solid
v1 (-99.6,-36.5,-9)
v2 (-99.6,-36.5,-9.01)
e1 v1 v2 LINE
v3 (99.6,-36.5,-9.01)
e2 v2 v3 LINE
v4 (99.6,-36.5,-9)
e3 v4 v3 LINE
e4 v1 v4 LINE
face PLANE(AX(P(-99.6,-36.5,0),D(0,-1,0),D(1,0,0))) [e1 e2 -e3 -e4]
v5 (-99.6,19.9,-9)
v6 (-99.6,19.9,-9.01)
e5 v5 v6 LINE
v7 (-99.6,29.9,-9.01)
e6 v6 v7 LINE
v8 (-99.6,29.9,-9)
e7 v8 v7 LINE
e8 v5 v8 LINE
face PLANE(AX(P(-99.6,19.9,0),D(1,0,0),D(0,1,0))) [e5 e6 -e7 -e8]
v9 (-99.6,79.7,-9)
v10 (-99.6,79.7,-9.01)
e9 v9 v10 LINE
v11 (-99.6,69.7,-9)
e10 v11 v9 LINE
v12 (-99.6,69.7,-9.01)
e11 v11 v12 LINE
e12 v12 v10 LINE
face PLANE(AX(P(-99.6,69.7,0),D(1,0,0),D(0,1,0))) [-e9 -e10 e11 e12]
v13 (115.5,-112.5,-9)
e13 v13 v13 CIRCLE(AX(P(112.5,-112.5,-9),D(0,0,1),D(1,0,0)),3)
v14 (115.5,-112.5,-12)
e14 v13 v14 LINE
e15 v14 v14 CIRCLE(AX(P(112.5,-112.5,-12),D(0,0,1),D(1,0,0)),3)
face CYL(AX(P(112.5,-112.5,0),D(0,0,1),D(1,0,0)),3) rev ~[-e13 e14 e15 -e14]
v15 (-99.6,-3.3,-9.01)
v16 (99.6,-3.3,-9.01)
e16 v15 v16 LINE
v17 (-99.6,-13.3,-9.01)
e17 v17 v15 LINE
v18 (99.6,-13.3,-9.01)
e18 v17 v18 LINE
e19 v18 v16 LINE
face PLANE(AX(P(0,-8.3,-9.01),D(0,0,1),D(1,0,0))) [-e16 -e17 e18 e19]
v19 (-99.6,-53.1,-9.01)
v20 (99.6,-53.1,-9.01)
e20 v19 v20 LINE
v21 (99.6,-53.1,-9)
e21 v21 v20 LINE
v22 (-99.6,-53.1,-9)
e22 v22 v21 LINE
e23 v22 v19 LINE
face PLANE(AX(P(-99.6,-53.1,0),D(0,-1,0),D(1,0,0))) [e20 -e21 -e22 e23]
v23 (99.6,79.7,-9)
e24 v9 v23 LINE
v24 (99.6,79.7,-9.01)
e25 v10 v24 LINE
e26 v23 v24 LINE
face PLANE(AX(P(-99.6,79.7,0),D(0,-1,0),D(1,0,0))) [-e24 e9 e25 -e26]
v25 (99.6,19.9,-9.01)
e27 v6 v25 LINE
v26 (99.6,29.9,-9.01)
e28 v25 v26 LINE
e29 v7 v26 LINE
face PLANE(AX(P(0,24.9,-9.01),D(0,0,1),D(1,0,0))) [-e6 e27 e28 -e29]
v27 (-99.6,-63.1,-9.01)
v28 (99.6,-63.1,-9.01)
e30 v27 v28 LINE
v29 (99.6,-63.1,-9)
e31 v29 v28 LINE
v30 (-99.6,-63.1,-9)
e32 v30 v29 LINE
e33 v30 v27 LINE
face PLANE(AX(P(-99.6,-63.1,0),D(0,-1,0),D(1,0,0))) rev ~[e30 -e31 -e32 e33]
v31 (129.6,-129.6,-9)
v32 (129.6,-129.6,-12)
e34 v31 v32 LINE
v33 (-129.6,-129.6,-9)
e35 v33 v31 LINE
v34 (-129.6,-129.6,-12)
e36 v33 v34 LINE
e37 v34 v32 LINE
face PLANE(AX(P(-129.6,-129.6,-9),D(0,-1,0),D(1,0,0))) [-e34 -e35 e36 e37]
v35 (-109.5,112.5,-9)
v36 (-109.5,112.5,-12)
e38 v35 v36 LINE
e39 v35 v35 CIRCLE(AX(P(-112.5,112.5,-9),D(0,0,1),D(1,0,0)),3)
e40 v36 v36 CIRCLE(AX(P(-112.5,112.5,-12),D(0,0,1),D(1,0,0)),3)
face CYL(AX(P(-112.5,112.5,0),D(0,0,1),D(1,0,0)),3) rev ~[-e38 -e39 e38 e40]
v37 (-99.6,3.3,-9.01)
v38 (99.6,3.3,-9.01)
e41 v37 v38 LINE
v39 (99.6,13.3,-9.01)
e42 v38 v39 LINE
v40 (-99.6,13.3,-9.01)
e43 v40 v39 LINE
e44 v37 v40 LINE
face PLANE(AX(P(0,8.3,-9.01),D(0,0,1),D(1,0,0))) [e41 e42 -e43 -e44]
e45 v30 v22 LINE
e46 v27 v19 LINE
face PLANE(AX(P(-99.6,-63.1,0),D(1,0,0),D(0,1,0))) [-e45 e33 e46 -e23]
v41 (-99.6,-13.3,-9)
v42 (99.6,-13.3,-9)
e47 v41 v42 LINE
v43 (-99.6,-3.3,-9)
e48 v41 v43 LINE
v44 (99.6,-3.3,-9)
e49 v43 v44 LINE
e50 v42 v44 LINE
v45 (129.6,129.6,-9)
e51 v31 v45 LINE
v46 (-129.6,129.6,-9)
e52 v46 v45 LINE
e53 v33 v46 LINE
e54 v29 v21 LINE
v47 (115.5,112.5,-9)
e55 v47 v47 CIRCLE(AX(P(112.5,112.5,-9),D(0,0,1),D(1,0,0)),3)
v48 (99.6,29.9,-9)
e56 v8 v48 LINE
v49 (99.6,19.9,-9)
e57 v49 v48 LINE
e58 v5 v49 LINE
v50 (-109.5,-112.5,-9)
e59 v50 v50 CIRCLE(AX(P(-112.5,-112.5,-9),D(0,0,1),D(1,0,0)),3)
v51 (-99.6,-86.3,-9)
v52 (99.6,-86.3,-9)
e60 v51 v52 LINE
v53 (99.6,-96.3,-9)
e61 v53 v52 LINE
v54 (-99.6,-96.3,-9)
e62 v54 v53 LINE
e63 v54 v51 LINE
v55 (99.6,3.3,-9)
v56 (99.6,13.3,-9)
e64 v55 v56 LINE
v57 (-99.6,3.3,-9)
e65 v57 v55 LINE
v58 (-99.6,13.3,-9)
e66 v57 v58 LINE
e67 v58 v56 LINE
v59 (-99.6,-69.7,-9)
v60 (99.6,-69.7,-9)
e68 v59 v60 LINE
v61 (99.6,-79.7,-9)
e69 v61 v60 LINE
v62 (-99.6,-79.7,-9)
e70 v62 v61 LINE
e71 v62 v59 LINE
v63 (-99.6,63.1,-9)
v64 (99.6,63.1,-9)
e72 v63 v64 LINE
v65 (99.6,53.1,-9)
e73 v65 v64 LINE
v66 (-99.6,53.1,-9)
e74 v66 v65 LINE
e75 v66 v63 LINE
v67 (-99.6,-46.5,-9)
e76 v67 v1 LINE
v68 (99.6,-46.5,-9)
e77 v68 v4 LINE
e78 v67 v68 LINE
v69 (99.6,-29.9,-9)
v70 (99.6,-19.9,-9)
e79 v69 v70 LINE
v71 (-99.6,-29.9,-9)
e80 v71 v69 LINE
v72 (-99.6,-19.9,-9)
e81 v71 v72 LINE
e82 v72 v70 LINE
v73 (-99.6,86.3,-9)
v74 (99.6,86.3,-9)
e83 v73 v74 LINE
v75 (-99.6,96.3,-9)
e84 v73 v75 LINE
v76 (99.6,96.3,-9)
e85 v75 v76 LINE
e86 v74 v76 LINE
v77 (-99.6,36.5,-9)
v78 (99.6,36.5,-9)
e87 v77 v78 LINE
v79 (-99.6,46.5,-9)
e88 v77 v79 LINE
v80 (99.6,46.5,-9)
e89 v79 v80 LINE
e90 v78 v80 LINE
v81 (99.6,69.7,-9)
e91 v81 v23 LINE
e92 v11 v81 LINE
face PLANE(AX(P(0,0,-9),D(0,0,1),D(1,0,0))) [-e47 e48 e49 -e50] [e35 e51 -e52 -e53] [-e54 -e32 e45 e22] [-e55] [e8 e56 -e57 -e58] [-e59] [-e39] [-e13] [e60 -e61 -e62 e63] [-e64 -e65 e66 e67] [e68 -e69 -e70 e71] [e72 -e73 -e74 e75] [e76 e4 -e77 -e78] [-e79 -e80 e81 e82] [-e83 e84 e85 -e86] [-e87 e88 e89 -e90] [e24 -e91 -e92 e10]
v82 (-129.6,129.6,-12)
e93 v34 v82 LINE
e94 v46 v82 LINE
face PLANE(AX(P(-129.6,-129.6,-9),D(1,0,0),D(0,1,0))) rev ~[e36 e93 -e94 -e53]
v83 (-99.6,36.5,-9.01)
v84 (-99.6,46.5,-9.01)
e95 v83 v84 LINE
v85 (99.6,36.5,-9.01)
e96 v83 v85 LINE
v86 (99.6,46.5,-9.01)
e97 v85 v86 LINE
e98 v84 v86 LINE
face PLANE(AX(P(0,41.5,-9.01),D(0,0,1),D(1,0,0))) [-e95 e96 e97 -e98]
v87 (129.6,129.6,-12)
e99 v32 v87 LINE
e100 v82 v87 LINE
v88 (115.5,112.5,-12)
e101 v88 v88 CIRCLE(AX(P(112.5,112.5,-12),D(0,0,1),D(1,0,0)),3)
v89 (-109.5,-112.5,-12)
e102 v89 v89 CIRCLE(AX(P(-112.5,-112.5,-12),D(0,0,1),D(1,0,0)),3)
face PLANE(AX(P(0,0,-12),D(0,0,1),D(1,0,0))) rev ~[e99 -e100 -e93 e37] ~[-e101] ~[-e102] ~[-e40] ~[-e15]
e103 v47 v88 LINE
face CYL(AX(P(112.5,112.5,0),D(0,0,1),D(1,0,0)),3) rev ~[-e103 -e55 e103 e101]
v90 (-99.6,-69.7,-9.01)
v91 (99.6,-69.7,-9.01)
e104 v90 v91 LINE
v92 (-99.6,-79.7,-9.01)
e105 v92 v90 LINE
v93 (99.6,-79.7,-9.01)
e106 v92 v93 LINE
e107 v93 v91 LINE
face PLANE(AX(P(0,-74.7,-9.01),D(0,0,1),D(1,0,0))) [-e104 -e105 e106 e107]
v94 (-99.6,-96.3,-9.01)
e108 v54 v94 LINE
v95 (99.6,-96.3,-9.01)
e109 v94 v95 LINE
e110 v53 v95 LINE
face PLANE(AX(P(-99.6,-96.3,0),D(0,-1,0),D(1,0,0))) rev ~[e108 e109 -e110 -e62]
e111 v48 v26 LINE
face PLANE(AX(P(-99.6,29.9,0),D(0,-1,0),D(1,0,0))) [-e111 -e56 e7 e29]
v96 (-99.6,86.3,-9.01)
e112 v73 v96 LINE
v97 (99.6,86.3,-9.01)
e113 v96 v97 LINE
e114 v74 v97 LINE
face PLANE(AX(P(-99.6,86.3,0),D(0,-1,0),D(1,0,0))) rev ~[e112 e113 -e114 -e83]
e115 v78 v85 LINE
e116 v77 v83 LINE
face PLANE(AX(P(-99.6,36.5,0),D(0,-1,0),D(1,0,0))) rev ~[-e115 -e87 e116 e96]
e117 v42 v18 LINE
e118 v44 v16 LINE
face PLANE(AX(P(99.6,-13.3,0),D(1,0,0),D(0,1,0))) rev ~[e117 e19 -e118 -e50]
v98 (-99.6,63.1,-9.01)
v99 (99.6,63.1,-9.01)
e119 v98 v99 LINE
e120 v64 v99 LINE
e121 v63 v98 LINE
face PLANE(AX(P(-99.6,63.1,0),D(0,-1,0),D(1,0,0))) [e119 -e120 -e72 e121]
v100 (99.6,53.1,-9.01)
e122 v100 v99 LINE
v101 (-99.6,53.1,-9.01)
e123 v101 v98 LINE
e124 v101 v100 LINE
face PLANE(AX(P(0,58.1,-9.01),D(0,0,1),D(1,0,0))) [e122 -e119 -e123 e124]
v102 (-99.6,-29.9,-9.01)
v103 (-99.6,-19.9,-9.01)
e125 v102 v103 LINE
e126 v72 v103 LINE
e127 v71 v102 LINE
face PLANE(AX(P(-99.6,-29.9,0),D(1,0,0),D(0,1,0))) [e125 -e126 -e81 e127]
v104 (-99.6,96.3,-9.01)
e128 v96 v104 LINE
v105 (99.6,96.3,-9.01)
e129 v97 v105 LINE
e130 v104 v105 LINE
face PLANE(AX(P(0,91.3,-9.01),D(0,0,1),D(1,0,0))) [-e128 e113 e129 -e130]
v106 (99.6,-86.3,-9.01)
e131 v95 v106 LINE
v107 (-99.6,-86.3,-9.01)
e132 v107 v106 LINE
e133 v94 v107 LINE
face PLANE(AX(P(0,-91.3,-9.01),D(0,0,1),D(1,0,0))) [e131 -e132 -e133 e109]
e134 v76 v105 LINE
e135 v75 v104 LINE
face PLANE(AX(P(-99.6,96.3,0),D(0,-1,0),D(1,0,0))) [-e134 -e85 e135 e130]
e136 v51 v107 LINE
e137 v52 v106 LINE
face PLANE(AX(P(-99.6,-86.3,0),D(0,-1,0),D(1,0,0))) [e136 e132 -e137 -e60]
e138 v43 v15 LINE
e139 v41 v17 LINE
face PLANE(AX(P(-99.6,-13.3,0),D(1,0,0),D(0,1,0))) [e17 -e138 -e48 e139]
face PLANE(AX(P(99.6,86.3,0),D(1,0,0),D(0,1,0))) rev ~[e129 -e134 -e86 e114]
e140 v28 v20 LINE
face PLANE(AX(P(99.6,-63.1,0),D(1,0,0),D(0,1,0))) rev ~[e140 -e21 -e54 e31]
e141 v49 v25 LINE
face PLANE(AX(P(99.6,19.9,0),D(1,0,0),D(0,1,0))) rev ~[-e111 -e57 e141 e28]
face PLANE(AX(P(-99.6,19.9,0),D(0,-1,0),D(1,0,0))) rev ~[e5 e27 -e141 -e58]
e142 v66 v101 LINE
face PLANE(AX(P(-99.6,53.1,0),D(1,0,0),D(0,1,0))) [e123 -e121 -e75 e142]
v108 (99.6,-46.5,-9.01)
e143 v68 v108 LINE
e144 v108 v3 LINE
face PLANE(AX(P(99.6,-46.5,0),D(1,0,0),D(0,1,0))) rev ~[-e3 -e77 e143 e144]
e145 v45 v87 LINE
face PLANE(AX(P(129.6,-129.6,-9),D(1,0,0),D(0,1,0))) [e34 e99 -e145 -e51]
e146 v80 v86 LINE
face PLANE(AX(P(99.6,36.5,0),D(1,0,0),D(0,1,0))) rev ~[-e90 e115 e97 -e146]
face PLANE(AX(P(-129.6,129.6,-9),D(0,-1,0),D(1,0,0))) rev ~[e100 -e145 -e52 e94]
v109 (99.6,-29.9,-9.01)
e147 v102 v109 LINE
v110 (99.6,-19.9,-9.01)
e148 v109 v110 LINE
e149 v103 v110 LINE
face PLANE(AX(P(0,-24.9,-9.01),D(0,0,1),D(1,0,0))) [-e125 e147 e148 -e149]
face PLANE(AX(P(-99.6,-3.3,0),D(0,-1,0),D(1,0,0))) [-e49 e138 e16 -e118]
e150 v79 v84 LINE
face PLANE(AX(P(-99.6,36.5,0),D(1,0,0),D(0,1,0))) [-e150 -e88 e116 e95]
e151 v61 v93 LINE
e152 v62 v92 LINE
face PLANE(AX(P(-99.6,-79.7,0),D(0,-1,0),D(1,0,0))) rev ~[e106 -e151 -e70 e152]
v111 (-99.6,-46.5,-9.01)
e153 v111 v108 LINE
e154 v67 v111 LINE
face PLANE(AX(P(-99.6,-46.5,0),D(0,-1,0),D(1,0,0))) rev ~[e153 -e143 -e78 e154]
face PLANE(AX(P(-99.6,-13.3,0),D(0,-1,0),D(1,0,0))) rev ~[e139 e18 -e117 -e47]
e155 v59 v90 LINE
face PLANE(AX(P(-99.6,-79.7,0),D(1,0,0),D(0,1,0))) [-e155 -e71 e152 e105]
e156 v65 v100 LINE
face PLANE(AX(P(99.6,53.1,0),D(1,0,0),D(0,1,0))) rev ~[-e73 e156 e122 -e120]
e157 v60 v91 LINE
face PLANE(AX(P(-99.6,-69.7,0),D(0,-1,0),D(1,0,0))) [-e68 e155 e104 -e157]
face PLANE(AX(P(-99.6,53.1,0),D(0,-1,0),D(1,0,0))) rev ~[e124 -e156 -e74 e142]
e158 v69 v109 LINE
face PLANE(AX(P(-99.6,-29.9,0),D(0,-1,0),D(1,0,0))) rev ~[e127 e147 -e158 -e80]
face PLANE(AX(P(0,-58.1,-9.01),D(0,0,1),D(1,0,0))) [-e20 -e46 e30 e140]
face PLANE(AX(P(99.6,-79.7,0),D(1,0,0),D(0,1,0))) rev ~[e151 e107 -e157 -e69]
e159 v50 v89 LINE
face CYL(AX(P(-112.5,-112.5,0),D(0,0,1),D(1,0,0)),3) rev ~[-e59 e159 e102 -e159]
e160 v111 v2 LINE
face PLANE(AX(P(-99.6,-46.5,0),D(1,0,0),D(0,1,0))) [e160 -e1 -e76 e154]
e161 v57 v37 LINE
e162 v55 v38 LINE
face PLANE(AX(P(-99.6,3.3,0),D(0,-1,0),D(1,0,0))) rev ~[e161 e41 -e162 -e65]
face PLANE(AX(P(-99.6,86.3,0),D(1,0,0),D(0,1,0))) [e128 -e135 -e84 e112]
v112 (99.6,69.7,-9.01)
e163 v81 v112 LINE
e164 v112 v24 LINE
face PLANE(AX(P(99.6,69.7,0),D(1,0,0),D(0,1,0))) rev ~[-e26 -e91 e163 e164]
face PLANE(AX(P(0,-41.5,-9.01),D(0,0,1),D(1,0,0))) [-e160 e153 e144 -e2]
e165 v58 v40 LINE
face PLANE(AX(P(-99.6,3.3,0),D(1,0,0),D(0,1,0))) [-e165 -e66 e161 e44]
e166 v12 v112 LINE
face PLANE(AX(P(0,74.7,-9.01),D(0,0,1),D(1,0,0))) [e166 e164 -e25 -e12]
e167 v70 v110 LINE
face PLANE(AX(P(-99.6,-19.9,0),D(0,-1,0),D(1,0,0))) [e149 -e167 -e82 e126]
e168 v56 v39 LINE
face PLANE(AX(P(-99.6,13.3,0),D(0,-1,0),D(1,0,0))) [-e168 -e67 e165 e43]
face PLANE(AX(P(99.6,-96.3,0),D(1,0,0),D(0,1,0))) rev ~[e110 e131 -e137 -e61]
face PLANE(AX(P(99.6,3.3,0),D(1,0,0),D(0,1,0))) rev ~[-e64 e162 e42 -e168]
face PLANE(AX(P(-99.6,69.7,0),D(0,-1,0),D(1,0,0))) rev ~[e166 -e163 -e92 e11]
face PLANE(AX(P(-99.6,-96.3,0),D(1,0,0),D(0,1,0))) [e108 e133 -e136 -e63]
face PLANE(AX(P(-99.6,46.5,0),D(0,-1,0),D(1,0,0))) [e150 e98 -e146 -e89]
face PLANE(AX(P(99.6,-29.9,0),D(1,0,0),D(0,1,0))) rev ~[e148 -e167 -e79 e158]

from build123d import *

# Parameters (mm, degrees)
SKETCH007_W            = 259.2
SKETCH007_H            = 259.2
PAD004_DEPTH           = 3
SKETCH008_W            = 199.2
SKETCH008_H            = 10
POCKET003_DEPTH        = 9.01
LINEARPATTERN005_COUNT = 12
LINEARPATTERN005_PITCH = 16.6
SKETCH013_R            = 3
POCKET008_DEPTH        = 12.001


with BuildPart() as part:
    # Sketch007 → Pad004 (new body)
    with BuildSketch(Plane.XY.offset(-9)):
        Rectangle(SKETCH007_W, SKETCH007_H)
    extrude(amount=-PAD004_DEPTH)

    # Sketch008 → Pocket003 (cut)
    with BuildSketch(Plane.XY):
        with Locations((0, 91.3)):
            Rectangle(SKETCH008_W, SKETCH008_H)
    pocket003 = extrude(amount=-POCKET003_DEPTH, mode=Mode.SUBTRACT)

    # LinearPattern005: Pocket003 ×12
    with Locations(*[(0, -i * LINEARPATTERN005_PITCH, 0) for i in range(1, LINEARPATTERN005_COUNT)]):
        add(pocket003, mode=Mode.SUBTRACT)

    # Sketch013 → Pocket008 (cut, through all)
    with BuildSketch(Plane.XY):
        with Locations((-112.5, 112.5)):
            Circle(SKETCH013_R)
        with Locations((112.5, 112.5)):
            Circle(SKETCH013_R)
        with Locations((112.5, -112.5)):
            Circle(SKETCH013_R)
        with Locations((-112.5, -112.5)):
            Circle(SKETCH013_R)
    extrude(amount=-POCKET008_DEPTH, mode=Mode.SUBTRACT)


solid = part.part
